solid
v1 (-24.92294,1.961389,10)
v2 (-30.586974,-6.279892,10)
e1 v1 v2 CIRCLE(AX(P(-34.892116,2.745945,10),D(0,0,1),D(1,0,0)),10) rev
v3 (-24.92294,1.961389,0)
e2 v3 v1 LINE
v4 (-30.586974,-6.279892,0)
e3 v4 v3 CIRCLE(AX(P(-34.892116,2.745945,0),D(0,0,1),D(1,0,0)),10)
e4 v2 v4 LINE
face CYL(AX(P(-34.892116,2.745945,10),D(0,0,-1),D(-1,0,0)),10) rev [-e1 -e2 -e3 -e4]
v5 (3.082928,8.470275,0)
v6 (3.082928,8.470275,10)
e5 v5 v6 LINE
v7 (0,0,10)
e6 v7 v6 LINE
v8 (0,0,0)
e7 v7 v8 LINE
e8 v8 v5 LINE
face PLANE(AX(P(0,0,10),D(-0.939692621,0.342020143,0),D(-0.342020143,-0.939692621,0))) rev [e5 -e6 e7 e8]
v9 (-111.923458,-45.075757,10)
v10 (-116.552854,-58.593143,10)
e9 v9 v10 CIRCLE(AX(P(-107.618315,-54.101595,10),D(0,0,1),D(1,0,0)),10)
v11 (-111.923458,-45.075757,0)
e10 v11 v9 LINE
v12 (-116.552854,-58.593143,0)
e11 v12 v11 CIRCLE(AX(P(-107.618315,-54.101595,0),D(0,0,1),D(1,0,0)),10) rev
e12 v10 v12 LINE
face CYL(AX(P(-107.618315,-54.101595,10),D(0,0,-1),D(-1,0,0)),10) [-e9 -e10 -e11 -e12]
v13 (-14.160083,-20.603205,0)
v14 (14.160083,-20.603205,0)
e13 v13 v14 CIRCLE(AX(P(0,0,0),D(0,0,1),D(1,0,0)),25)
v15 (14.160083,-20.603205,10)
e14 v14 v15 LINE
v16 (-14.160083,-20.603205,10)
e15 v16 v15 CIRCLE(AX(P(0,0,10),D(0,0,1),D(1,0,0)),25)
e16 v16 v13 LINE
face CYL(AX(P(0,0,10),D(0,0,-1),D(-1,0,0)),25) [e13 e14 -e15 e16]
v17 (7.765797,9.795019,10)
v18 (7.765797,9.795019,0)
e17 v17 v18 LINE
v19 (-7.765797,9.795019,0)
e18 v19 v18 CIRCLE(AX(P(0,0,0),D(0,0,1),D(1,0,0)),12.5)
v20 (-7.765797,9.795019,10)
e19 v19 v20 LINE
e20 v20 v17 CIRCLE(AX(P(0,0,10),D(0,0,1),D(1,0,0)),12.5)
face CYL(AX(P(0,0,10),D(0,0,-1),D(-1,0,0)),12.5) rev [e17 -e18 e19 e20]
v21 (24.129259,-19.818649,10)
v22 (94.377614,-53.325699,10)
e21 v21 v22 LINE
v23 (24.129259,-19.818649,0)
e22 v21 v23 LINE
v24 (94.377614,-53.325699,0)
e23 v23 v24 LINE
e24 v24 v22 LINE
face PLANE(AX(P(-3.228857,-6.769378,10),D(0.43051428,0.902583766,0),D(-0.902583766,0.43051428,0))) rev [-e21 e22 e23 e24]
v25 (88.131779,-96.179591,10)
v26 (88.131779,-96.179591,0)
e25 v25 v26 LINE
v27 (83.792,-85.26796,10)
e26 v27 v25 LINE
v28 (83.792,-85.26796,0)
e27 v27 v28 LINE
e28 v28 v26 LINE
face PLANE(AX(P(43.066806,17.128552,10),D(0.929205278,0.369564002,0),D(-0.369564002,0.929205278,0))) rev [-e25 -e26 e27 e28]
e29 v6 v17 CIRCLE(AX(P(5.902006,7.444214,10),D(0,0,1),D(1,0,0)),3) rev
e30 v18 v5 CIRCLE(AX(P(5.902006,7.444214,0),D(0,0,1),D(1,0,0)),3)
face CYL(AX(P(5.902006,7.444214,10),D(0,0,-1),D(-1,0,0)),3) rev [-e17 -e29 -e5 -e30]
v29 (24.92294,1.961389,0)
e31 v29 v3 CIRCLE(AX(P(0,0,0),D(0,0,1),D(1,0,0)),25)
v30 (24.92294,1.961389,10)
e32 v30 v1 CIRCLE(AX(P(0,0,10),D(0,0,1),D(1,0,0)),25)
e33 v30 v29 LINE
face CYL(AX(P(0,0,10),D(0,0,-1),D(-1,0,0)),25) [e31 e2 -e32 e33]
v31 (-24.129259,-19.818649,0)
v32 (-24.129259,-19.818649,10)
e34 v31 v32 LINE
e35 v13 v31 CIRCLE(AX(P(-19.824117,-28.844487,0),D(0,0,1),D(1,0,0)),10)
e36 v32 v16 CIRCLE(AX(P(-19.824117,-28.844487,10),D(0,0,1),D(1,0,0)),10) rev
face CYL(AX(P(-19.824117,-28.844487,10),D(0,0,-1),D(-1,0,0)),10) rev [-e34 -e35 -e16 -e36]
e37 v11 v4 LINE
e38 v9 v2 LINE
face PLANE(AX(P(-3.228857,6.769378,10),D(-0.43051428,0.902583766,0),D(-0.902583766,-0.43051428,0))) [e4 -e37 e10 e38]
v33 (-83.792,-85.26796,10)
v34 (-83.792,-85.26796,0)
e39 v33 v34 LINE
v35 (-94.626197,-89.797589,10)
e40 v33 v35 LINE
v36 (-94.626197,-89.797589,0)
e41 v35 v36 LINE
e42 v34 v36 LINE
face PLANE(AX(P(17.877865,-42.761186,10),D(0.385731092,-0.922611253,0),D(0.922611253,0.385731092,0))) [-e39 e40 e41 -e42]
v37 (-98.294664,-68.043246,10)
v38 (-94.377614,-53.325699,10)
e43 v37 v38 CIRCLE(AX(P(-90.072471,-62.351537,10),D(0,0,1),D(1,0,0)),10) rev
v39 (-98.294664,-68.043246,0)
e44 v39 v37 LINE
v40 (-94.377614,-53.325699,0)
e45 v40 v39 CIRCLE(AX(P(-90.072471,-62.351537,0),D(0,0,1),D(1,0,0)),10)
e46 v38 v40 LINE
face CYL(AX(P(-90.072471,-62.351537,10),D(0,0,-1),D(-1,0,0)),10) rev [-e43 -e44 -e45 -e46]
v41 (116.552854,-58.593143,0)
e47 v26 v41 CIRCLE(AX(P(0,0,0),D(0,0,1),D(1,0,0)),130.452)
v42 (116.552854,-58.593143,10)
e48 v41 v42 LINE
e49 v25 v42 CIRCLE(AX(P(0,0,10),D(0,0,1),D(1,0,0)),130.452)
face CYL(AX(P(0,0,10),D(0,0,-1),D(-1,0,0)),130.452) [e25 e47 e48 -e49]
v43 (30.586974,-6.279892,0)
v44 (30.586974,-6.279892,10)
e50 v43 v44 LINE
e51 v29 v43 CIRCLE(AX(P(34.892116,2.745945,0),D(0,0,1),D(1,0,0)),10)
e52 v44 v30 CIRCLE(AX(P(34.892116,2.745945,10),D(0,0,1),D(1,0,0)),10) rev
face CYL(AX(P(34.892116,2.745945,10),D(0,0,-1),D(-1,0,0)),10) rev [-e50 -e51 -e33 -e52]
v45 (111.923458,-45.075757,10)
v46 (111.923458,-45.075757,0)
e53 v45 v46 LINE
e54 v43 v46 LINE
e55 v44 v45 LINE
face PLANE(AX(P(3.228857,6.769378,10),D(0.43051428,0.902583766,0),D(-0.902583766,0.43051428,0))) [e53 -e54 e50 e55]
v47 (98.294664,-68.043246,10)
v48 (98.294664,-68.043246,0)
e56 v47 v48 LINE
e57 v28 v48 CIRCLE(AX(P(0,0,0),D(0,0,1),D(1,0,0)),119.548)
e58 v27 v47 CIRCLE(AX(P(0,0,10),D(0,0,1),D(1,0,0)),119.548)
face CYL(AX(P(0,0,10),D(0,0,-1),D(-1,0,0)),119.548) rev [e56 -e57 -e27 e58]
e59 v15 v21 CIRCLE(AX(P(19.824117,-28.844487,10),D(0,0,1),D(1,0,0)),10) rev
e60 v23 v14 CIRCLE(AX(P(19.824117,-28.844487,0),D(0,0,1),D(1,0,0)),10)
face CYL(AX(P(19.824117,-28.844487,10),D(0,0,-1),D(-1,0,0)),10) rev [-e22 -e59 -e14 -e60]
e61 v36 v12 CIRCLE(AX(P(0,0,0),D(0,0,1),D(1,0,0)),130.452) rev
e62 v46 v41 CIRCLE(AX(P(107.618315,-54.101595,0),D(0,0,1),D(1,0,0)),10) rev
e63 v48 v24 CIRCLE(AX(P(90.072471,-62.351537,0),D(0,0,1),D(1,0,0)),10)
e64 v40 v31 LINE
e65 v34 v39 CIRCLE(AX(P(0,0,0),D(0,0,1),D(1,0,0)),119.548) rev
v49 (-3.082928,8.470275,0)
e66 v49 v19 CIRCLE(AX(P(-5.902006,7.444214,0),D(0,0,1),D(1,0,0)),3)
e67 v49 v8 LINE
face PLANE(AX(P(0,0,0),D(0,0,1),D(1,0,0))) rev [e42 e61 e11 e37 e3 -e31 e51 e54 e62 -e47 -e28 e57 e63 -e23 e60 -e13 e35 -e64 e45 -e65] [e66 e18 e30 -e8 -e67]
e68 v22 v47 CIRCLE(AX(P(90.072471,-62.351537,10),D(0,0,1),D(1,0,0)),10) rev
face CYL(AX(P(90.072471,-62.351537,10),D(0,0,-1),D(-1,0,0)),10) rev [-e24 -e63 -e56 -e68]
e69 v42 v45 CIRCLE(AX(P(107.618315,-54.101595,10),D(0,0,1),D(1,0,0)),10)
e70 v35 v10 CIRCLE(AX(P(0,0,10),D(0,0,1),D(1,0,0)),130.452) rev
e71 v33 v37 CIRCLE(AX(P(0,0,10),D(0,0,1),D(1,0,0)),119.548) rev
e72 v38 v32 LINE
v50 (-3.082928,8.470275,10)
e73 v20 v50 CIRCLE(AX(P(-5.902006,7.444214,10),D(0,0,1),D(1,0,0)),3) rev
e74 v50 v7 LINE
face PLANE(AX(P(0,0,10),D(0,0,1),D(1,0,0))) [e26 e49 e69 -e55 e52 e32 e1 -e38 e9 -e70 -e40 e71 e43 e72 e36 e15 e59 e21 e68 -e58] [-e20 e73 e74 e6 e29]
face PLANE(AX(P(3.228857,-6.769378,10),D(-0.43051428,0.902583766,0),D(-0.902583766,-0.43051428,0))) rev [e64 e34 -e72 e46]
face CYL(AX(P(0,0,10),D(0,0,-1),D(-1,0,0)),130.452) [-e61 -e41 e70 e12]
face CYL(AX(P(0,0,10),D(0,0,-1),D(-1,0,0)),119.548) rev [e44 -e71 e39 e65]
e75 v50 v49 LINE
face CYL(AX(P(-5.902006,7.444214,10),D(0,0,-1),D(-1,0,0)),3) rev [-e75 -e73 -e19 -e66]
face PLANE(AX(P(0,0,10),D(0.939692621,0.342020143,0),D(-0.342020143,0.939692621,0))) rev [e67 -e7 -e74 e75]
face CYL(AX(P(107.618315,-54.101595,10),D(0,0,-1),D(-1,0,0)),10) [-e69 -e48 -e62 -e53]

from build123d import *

# Parameters (mm, degrees)
BOSS_EXTRUDE1_DEPTH = 10
FILLET1_R           = 10
FILLET2_R           = 10
FILLET3_R           = 3


with BuildPart() as part:
    # Sketch1 → Boss-Extrude1 (new body)
    with BuildSketch(Plane.XY):
        with BuildLine():
            Line((-94.626197475, -89.797589363), (-83.792, -85.26796022))
            ThreePointArc((-83.792, -85.26796022), (-95.098975753, -72.442453815), (-104.460674711, -58.135116263))
            Line((-104.460674711, -58.135116263), (-18.296393823, -17.036489459))
            ThreePointArc((-18.296393823, -17.036489459), (0, -25), (18.296393823, -17.036489459))
            Line((18.296393823, -17.036489459), (104.460674711, -58.135116263))
            ThreePointArc((104.460674711, -58.135116263), (95.098975753, -72.442453815), (83.792, -85.26796022))
            Line((83.792, -85.26796022), (88.131779474, -96.179591135))
            ThreePointArc((88.131779474, -96.179591135), (107.052618298, -74.548381737), (120.777959535, -49.299176408))
            Line((120.777959535, -49.299176408), (24.754108024, -3.497732969))
            ThreePointArc((24.754108024, -3.497732969), (0, 25), (-24.754108024, -3.497732969))
            Line((-24.754108024, -3.497732969), (-120.777959535, -49.299176408))
            ThreePointArc((-120.777959535, -49.299176408), (-109.589087401, -70.766914774), (-94.626197475, -89.797589363))
        make_face()
        with BuildLine():
            ThreePointArc((4.275251792, 11.74615776), (0, -12.5), (-4.275251792, 11.74615776))
            Line((-4.275251792, 11.74615776), (0, 0))
            Line((0, 0), (4.275251792, 11.74615776))
        make_face(mode=Mode.SUBTRACT)
    extrude(amount=BOSS_EXTRUDE1_DEPTH)

    # Fillet1
    fillet1_edges = [part.edges().sort_by_distance(p)[0] for p in [
        (-24.754108024, -3.497732969, 5),
        (24.754108024, -3.497732969, 5),
        (18.296393823, -17.036489459, 5),
        (-18.296393823, -17.036489459, 5),
    ]]
    fillet(fillet1_edges, radius=FILLET1_R)

    # Fillet2
    fillet2_edges = [part.edges().sort_by_distance(p)[0] for p in [
        (-104.460674711, -58.135116263, 5),
        (-120.777959535, -49.299176408, 5),
        (120.777959535, -49.299176408, 5),
        (104.460674711, -58.135116263, 5),
    ]]
    fillet(fillet2_edges, radius=FILLET2_R)

    # Fillet3
    fillet3_edges = [part.edges().sort_by_distance(p)[0] for p in [
        (4.275251792, 11.74615776, 5),
        (-4.275251792, 11.74615776, 5),
    ]]
    fillet(fillet3_edges, radius=FILLET3_R)


solid = part.part
